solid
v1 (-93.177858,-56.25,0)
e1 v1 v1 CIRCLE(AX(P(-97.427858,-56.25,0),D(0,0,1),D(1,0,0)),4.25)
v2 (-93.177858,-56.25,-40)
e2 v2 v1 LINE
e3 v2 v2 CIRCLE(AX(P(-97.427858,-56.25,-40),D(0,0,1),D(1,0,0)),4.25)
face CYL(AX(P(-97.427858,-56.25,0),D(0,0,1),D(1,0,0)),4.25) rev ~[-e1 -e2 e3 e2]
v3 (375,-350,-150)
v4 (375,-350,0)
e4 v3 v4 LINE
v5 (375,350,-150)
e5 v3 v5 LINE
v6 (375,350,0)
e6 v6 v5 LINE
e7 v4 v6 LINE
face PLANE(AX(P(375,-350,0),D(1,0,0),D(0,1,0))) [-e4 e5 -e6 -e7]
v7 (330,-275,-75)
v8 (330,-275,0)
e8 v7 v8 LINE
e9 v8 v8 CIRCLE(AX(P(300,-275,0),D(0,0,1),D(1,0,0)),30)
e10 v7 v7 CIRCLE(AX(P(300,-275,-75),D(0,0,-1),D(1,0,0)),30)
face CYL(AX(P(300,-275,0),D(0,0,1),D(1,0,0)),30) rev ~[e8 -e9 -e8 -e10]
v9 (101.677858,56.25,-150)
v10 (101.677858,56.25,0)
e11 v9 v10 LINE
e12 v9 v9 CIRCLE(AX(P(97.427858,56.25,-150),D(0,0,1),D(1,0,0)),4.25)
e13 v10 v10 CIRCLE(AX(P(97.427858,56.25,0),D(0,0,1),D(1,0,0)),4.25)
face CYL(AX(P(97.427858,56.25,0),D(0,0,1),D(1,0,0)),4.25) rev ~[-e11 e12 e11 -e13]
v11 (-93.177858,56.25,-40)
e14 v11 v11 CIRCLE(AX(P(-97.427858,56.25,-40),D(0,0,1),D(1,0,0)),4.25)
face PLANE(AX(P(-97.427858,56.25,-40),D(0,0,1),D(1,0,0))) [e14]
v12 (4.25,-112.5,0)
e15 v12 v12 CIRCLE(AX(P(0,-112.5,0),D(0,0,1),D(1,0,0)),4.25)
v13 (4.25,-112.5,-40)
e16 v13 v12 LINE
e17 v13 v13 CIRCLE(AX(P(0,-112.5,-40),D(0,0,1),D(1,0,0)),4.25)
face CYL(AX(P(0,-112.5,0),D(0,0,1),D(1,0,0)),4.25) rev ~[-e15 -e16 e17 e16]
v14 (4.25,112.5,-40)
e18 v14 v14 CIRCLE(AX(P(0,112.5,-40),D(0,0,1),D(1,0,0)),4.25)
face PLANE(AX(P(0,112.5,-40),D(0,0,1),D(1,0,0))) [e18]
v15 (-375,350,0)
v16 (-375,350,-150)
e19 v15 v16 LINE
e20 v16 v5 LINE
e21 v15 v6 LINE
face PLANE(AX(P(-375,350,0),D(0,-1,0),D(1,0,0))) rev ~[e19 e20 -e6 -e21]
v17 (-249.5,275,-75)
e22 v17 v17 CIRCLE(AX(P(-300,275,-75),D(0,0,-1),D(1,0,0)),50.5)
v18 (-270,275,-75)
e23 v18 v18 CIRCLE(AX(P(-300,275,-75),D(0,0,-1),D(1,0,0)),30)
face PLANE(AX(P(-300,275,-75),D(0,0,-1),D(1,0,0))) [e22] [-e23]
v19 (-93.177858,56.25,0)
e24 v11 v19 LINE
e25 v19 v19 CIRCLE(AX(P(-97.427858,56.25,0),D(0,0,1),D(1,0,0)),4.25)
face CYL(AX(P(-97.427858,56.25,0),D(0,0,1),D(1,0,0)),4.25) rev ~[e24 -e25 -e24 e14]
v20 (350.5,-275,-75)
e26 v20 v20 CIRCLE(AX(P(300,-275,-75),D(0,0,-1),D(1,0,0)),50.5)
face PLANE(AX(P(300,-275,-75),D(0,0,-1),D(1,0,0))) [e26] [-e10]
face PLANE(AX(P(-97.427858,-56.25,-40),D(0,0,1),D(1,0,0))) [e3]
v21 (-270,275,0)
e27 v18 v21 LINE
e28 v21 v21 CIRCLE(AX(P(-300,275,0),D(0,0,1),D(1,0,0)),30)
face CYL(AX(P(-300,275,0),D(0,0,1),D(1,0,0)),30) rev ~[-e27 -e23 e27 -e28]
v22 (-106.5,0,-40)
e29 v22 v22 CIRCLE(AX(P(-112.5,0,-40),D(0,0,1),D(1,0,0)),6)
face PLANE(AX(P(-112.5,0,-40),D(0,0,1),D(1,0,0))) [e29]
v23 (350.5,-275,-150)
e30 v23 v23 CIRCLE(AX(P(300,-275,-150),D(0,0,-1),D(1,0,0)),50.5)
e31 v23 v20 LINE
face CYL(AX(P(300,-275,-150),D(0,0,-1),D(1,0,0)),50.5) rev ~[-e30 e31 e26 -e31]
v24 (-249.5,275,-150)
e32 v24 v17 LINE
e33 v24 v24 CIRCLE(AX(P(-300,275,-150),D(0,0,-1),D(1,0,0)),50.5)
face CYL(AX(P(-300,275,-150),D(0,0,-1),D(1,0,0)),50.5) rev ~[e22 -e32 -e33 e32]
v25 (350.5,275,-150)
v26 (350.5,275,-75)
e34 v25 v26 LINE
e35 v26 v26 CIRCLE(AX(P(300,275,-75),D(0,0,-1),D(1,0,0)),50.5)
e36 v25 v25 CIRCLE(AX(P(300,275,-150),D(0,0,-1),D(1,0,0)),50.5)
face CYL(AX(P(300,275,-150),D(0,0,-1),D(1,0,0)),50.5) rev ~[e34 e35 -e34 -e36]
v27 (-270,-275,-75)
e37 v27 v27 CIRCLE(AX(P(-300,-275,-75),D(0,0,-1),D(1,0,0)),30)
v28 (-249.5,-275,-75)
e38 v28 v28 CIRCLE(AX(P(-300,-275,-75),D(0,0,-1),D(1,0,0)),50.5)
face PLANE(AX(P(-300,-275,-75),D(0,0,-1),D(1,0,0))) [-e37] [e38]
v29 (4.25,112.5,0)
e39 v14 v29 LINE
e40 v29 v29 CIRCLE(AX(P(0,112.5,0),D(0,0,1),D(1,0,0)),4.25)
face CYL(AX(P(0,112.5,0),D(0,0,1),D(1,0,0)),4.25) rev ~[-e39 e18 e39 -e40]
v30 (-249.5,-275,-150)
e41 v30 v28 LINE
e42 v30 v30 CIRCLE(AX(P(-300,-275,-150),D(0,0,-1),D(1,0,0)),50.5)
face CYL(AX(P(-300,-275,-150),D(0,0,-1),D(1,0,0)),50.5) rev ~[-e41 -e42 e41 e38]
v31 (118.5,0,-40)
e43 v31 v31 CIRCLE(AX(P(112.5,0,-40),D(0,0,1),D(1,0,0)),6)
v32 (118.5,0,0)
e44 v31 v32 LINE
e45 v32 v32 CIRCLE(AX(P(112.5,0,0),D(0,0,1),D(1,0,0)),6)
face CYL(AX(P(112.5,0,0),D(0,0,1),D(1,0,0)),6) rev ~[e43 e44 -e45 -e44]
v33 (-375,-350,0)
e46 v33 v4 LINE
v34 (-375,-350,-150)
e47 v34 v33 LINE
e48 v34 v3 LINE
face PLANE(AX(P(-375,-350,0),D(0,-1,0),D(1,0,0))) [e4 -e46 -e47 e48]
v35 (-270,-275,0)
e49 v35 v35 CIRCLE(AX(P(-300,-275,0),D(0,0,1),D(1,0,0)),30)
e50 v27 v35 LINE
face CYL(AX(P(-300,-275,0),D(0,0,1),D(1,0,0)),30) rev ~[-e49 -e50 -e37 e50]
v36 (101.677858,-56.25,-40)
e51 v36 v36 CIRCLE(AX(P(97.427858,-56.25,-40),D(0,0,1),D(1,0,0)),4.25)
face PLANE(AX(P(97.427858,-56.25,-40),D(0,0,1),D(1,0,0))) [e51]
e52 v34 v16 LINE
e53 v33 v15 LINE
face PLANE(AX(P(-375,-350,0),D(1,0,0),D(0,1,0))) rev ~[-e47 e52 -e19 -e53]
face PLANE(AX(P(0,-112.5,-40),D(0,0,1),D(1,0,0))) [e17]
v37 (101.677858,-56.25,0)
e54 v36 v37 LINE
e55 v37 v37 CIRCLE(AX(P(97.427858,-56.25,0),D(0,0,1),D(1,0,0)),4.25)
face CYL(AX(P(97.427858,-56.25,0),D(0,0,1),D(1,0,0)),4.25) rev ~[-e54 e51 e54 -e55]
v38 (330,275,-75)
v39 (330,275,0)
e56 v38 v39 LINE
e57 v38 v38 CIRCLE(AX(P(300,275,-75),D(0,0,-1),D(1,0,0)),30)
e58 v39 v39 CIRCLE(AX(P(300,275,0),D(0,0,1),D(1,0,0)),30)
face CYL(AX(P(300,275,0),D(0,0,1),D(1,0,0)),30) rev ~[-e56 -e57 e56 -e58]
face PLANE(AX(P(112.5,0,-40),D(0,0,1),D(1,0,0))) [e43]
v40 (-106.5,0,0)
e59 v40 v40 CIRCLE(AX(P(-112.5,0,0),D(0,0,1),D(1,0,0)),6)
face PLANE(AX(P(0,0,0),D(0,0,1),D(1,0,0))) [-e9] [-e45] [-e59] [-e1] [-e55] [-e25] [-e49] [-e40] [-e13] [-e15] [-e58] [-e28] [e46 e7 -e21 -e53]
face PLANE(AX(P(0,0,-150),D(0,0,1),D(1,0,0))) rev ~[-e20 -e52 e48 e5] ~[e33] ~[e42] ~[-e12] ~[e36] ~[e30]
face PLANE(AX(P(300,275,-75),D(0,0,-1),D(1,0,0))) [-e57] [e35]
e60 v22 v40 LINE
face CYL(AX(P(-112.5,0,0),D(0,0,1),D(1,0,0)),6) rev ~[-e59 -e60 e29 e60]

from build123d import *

# Parameters (mm, degrees)
F0_W     = 750
F0_H     = 700
F0_R     = 30
F0_R_2   = 4.25
F0_R_3   = 6
F1_DEPTH = 150
F2_DEPTH = 130
F3_DEPTH = 40
F6_R     = 50.5
F6_R_2   = 30
F7_DEPTH = 75


with BuildPart() as f1:
    # F0 (on Top) → F1 (new body)
    with BuildSketch(Plane.XY):
        Rectangle(F0_W, F0_H)
        with Locations((-300, -275)):
            Circle(F0_R, mode=Mode.SUBTRACT)
        with Locations((-97.427858, -56.25)):
            Circle(F0_R_2, mode=Mode.SUBTRACT)
        with Locations((300, -275)):
            Circle(F0_R, mode=Mode.SUBTRACT)
        with Locations((0, -112.5)):
            Circle(F0_R_2, mode=Mode.SUBTRACT)
        with Locations((97.427858, -56.25)):
            Circle(F0_R_2, mode=Mode.SUBTRACT)
        with Locations((-112.5, 0)):
            Circle(F0_R_3, mode=Mode.SUBTRACT)
        with Locations((-97.427858, 56.25)):
            Circle(F0_R_2, mode=Mode.SUBTRACT)
        with Locations((-300, 275)):
            Circle(F0_R, mode=Mode.SUBTRACT)
        with Locations((112.5, 0)):
            Circle(F0_R_3, mode=Mode.SUBTRACT)
        with Locations((97.427858, 56.25)):
            Circle(F0_R_2, mode=Mode.SUBTRACT)
        with Locations((0, 112.5)):
            Circle(F0_R_2, mode=Mode.SUBTRACT)
        with Locations((300, 275)):
            Circle(F0_R, mode=Mode.SUBTRACT)
        with Locations((-112.5, 0)):
            Circle(F0_R_3)
        with Locations((-97.427858, -56.25)):
            Circle(F0_R_2)
        with Locations((-97.427858, 56.25)):
            Circle(F0_R_2)
        with Locations((0, 112.5)):
            Circle(F0_R_2)
        with Locations((112.5, 0)):
            Circle(F0_R_3)
        with Locations((97.427858, -56.25)):
            Circle(F0_R_2)
        with Locations((0, -112.5)):
            Circle(F0_R_2)
    extrude(amount=-F1_DEPTH)

    # F0 (on Top) → F3 (cut)
    with BuildSketch(Plane.XY):
        with Locations((-112.5, 0)):
            Circle(F0_R_3)
        with Locations((-97.427858, 56.25)):
            Circle(F0_R_2)
        with Locations((0, 112.5)):
            Circle(F0_R_2)
        with Locations((97.427858, 56.25)):
            Circle(F0_R_2)
        with Locations((112.5, 0)):
            Circle(F0_R_3)
        with Locations((97.427858, -56.25)):
            Circle(F0_R_2)
        with Locations((0, -112.5)):
            Circle(F0_R_2)
        with Locations((-97.427858, -56.25)):
            Circle(F0_R_2)
    extrude(amount=-F3_DEPTH, mode=Mode.SUBTRACT)


with BuildPart() as f2:
    # F0 (on Top) → F2 (new body)
    with BuildSketch(Plane.XY):
        Rectangle(F0_W, F0_H)
        with Locations((-300, -275)):
            Circle(F0_R, mode=Mode.SUBTRACT)
        with Locations((-97.427858, -56.25)):
            Circle(F0_R_2, mode=Mode.SUBTRACT)
        with Locations((300, -275)):
            Circle(F0_R, mode=Mode.SUBTRACT)
        with Locations((0, -112.5)):
            Circle(F0_R_2, mode=Mode.SUBTRACT)
        with Locations((97.427858, -56.25)):
            Circle(F0_R_2, mode=Mode.SUBTRACT)
        with Locations((-112.5, 0)):
            Circle(F0_R_3, mode=Mode.SUBTRACT)
        with Locations((-97.427858, 56.25)):
            Circle(F0_R_2, mode=Mode.SUBTRACT)
        with Locations((-300, 275)):
            Circle(F0_R, mode=Mode.SUBTRACT)
        with Locations((112.5, 0)):
            Circle(F0_R_3, mode=Mode.SUBTRACT)
        with Locations((97.427858, 56.25)):
            Circle(F0_R_2, mode=Mode.SUBTRACT)
        with Locations((0, 112.5)):
            Circle(F0_R_2, mode=Mode.SUBTRACT)
        with Locations((300, 275)):
            Circle(F0_R, mode=Mode.SUBTRACT)
    extrude(amount=-F2_DEPTH)


with BuildPart() as f2_1:
    # F4: moved
    add(f2.part.moved(Location((0, 0, -20))))

    # F5: union F1
    add(f1.part)

    # F6 (on face) → F7 (cut)
    with BuildSketch(Plane(origin=(0, 0, -150), x_dir=(1, 0, 0), z_dir=(0, 0, -1))):
        with Locations((-300, 275)):
            Circle(F6_R)
        with Locations((-300, 275)):
            Circle(F6_R_2, mode=Mode.SUBTRACT)
        with Locations((-300, -275)):
            Circle(F6_R)
        with Locations((-300, -275)):
            Circle(F6_R_2, mode=Mode.SUBTRACT)
        with Locations((300, -275)):
            Circle(F6_R)
        with Locations((300, -275)):
            Circle(F6_R_2, mode=Mode.SUBTRACT)
        with Locations((300, 275)):
            Circle(F6_R)
        with Locations((300, 275)):
            Circle(F6_R_2, mode=Mode.SUBTRACT)
    extrude(amount=-F7_DEPTH, mode=Mode.SUBTRACT)


solid = f2_1.part
